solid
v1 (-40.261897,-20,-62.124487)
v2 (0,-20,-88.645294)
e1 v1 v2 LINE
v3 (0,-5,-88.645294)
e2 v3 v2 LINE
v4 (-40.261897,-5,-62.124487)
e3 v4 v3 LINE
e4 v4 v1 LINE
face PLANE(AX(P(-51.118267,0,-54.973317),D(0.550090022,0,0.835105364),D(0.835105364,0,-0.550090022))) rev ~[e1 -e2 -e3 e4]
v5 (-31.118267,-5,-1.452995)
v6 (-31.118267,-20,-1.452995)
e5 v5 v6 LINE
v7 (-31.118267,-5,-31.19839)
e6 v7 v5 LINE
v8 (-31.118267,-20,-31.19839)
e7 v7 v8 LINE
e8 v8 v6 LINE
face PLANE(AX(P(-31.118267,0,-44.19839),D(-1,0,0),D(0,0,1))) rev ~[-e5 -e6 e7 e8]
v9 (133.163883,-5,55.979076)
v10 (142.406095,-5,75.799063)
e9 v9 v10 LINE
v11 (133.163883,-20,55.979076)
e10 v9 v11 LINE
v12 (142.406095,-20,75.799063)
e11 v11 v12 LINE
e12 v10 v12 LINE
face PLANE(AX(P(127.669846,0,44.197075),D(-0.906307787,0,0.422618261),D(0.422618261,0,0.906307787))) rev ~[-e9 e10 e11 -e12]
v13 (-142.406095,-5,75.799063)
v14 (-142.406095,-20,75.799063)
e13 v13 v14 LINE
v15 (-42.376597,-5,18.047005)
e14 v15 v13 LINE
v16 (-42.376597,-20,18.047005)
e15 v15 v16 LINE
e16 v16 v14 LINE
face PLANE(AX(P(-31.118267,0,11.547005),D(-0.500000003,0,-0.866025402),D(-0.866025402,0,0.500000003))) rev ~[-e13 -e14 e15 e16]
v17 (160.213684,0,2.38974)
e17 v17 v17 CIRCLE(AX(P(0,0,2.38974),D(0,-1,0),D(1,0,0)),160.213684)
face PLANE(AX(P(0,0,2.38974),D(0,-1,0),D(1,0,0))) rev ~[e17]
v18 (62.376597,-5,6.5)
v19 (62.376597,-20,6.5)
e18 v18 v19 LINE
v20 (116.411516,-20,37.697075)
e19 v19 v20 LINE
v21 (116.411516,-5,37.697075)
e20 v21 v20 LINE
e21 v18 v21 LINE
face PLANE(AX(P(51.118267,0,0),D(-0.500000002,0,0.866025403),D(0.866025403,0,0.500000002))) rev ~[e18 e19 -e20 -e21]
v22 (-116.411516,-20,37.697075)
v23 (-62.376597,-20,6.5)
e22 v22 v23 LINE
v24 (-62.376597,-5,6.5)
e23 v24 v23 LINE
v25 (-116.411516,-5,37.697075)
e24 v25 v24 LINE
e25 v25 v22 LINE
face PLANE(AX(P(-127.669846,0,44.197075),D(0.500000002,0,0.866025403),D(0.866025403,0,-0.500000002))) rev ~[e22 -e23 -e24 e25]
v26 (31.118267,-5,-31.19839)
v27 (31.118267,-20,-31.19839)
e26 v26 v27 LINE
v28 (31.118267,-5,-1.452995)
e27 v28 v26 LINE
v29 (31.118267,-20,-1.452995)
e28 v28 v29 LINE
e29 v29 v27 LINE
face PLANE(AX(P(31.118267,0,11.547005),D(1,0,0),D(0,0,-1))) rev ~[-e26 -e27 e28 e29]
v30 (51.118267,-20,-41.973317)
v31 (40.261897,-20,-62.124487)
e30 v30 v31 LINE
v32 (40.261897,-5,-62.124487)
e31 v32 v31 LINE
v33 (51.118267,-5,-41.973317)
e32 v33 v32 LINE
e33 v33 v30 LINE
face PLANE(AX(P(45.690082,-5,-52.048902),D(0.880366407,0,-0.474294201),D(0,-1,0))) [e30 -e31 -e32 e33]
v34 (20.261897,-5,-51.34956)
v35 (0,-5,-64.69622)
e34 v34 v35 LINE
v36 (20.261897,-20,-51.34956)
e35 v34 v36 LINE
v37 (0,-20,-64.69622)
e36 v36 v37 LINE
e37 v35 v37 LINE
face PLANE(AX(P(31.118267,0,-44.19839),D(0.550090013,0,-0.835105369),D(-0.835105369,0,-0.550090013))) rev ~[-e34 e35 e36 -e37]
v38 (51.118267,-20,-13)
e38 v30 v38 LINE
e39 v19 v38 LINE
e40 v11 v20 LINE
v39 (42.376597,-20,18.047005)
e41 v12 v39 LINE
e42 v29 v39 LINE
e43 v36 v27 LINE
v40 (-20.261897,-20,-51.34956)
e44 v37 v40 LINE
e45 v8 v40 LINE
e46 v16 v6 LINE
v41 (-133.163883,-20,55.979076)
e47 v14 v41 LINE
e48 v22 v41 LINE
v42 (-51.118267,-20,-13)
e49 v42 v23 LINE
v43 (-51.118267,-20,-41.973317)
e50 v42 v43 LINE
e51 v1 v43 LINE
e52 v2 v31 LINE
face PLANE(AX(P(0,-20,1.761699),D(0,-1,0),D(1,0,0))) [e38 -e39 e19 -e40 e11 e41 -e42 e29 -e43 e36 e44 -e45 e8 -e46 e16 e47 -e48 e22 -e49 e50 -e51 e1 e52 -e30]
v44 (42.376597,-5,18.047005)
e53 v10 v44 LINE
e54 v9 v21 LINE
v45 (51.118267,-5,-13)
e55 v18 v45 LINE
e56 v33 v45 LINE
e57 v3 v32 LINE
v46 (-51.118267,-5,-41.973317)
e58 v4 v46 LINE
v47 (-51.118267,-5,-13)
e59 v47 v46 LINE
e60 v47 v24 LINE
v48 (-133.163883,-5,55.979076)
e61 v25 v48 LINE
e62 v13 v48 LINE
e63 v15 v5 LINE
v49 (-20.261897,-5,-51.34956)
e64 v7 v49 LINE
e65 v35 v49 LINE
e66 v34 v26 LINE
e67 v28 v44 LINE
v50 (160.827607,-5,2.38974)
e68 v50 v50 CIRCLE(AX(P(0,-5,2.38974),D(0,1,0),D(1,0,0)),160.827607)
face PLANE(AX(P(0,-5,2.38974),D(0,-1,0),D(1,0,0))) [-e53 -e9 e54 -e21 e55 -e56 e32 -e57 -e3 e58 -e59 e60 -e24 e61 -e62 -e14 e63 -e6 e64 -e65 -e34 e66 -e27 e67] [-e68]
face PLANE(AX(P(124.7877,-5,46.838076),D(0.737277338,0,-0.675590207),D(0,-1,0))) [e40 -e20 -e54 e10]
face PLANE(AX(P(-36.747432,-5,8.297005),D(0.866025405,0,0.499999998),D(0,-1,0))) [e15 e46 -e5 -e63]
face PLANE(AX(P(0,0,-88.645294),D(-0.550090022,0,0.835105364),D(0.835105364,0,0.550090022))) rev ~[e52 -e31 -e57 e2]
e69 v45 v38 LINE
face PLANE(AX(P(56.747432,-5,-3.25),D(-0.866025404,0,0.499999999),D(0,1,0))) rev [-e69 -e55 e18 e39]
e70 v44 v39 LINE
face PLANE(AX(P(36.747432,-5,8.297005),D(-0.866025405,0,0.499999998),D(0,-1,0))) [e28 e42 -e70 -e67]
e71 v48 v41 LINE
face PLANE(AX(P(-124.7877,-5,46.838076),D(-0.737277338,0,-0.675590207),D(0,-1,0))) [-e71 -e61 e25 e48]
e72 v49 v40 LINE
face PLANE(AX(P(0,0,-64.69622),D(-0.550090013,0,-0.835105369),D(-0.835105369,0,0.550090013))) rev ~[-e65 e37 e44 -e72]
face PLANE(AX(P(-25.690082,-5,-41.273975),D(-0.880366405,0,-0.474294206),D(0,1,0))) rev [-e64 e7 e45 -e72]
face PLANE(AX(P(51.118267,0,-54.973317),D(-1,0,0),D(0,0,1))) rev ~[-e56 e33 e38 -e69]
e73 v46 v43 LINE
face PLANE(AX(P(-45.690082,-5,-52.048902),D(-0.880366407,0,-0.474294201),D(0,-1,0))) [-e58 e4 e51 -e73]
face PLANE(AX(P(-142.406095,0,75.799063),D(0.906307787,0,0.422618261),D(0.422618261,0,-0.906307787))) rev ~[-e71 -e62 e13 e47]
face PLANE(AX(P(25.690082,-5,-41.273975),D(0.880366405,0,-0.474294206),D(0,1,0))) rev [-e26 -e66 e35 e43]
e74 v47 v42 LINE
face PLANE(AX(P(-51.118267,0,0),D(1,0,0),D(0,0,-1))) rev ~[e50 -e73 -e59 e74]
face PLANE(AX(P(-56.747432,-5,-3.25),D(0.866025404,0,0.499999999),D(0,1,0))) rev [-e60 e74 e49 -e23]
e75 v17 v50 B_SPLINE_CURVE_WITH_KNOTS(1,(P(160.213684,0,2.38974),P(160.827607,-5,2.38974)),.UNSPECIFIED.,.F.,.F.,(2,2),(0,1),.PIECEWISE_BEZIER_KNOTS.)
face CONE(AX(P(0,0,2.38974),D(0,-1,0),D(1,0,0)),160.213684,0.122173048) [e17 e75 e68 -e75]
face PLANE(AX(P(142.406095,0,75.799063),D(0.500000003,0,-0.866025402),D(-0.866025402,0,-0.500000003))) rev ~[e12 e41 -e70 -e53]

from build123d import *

# Parameters (mm, degrees)
PAD_DEPTH    = 20
SKETCH001_R  = 160.213684
PAD001_DEPTH = 5
PAD001_TAPER = -7
CHAMFER_SIZE = 13


with BuildPart() as part:
    # Sketch → Pad (new body)
    with BuildSketch(Plane.XZ):
        Polygon((0, -88.645294), (51.118267, -54.973317), (51.118267, 0), (127.669846, 44.197075), (142.406095, 75.799063), (31.118267, 11.547005), (31.118267, -44.19839), (0, -64.69622), (-31.118267, -44.19839), (-31.118267, 11.547005), (-142.406095, 75.799063), (-127.669846, 44.197075), (-51.118267, 0), (-51.118267, -54.973317), align=None)
    extrude(amount=PAD_DEPTH)

    # Sketch001 → Pad001 (join)
    with BuildSketch(Plane.XZ):
        with Locations((0, 2.38974)):
            Circle(SKETCH001_R)
    extrude(amount=PAD001_DEPTH, taper=PAD001_TAPER)

    # Chamfer
    chamfer_edges = [part.edges().sort_by_distance(p)[0] for p in [
        (31.118267, -12.5, 11.547005),
        (31.118267, -12.5, -44.19839),
        (-51.118267, -12.5, -54.973317),
        (-51.118267, -12.5, 0),
        (-127.669846, -12.5, 44.197075),
        (-31.118267, -12.5, 11.547005),
        (-31.118267, -12.5, -44.19839),
        (51.118267, -12.5, -54.973317),
        (51.118267, -12.5, 0),
        (127.669846, -12.5, 44.197075),
    ]]
    chamfer(chamfer_edges, length=CHAMFER_SIZE)


solid = part.part
